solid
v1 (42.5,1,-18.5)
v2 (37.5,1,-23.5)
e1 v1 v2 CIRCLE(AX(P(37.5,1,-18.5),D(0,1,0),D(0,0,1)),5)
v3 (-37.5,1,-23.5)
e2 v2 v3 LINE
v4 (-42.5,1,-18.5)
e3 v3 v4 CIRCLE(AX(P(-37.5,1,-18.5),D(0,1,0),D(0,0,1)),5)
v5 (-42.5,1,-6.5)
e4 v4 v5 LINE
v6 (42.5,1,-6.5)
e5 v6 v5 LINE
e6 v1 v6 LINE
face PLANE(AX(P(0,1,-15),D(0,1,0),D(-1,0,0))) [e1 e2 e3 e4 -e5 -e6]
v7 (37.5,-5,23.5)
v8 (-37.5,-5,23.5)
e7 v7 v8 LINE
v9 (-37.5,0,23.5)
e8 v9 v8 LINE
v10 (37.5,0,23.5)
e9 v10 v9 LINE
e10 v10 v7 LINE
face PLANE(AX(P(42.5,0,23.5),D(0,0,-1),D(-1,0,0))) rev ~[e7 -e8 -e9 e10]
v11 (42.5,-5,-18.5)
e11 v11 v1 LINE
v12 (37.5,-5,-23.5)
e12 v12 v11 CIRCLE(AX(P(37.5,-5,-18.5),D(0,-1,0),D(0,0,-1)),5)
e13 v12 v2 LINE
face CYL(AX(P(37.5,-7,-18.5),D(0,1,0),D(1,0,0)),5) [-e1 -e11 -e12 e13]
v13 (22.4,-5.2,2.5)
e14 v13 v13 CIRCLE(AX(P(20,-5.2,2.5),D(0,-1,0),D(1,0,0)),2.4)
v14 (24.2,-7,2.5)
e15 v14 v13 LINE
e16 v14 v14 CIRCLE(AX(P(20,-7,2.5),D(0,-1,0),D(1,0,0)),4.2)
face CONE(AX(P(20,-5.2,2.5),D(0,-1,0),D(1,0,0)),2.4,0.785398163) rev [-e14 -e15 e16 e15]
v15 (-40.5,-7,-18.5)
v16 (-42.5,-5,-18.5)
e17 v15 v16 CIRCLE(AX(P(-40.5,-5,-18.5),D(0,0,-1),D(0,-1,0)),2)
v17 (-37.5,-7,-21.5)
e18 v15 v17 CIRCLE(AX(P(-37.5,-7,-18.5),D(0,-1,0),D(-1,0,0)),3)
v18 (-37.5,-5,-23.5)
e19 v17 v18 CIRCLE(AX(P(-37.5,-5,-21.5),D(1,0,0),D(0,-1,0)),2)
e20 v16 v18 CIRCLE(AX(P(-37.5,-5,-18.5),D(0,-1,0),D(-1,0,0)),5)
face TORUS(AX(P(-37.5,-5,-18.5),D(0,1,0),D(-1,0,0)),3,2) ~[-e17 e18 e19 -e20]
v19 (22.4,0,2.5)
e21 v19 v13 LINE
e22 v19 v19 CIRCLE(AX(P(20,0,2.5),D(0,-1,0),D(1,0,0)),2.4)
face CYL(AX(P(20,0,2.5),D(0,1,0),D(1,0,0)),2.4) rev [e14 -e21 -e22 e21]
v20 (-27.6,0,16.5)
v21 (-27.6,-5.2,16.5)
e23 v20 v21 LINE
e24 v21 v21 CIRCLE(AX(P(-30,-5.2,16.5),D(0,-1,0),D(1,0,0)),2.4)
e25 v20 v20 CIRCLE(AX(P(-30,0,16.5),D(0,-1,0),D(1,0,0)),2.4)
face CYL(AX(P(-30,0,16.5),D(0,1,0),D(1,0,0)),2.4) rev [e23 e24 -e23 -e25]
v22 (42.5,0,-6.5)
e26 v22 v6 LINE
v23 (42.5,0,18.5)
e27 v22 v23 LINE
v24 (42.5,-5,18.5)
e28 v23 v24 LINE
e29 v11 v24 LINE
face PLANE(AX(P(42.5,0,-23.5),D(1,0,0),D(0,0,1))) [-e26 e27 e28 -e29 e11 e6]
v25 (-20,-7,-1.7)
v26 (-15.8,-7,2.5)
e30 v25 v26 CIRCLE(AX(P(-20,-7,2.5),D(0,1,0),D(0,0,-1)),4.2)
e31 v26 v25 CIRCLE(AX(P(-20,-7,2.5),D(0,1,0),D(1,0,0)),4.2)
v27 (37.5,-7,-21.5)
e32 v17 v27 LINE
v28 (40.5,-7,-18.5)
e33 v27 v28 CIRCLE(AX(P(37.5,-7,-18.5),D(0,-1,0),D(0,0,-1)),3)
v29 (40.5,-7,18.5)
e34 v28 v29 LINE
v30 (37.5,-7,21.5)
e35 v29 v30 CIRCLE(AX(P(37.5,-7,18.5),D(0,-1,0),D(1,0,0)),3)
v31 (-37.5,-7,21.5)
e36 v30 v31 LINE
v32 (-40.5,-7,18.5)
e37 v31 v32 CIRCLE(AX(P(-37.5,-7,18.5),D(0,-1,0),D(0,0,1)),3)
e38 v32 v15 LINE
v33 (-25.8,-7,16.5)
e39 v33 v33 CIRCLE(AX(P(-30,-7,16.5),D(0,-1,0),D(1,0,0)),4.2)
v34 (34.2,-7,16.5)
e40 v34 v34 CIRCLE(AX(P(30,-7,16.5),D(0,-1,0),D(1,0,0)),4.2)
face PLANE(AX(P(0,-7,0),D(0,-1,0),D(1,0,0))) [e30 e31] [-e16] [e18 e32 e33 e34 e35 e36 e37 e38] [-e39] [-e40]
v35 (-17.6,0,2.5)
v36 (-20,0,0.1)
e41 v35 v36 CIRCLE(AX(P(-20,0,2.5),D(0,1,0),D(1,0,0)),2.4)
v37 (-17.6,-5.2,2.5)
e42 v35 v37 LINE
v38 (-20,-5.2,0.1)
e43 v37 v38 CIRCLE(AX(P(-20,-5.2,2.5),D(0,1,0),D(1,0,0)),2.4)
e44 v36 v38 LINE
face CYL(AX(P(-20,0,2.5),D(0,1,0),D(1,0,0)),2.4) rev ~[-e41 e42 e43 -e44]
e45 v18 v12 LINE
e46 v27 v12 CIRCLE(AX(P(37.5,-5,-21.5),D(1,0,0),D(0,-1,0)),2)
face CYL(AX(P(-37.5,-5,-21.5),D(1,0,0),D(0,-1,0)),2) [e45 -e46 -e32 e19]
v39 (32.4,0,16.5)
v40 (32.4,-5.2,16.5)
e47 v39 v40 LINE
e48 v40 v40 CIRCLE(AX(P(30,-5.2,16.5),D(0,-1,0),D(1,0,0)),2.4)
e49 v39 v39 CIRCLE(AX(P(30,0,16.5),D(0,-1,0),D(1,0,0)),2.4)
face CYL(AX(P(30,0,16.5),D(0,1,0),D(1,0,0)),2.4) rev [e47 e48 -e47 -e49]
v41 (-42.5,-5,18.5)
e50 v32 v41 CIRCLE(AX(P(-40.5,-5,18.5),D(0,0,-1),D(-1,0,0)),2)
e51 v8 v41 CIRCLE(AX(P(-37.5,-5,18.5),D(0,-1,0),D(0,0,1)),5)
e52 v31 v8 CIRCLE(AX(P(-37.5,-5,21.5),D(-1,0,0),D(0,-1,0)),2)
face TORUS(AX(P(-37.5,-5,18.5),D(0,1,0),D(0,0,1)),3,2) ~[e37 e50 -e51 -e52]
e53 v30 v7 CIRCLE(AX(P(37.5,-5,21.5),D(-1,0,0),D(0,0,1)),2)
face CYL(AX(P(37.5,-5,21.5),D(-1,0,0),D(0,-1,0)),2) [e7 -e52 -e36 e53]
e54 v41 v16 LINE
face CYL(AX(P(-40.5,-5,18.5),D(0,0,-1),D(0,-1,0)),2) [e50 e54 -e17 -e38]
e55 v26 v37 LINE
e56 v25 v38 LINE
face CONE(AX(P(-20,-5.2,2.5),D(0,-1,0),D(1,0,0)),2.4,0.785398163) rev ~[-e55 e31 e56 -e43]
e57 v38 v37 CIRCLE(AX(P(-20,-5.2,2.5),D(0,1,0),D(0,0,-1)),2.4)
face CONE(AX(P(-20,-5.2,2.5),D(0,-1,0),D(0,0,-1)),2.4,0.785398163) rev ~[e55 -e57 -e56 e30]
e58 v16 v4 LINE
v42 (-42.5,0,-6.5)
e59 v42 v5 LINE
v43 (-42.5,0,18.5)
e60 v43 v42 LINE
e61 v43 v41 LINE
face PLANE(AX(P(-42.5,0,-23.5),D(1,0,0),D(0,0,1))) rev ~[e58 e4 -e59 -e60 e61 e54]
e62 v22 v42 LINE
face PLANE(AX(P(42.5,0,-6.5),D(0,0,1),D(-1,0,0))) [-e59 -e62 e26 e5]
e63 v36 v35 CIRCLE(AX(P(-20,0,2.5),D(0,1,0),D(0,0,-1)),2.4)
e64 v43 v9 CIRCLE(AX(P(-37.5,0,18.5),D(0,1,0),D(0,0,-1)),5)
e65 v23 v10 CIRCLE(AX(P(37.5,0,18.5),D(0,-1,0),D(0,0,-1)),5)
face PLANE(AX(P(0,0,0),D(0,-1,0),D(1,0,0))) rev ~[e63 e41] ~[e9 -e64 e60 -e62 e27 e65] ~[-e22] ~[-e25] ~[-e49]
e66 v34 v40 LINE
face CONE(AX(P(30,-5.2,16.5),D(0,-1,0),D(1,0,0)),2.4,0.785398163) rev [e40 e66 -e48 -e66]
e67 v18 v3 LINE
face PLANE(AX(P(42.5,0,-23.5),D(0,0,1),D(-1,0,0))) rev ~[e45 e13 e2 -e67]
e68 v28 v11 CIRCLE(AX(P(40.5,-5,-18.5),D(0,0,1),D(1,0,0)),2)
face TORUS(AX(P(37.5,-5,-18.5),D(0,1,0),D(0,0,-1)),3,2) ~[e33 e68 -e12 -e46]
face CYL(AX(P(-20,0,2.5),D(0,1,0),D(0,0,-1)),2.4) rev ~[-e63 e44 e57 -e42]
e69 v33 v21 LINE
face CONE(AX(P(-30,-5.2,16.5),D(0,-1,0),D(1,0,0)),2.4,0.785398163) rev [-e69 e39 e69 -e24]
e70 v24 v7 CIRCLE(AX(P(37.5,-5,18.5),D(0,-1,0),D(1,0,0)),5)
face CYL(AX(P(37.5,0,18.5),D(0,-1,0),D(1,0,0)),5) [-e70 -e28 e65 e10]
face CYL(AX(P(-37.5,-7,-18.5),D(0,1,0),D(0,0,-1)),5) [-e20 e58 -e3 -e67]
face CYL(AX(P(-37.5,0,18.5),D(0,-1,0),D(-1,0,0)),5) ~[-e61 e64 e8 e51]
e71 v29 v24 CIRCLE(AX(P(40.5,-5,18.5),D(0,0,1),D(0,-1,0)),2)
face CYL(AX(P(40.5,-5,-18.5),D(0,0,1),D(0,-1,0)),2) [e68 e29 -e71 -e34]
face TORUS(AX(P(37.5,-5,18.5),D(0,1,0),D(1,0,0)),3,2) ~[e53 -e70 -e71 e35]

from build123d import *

# Parameters (mm, degrees)
F0_R     = 2.4
F1_DEPTH = 7
F2_W     = 85
F2_H     = 17
F3_DEPTH = 1
F4_R     = 5
F5_R     = 2
F6_SIZE  = 1.8


with BuildPart() as f1:
    # F0 (on Front) → F1 (new body)
    with BuildSketch(Plane.XZ):
        Polygon((42.5, -23.5), (42.5, 23.5), (-42.5, 23.5), (-42.5, -23.5), (-20, -23.5), align=None)
        with BuildLine():
            ThreePointArc((-17.6, 2.5), (-18.3029437252, 0.8029437252), (-20, 0.1))
            ThreePointArc((-20, 0.1), (-21.6970562748, 4.1970562748), (-17.6, 2.5))
        make_face(mode=Mode.SUBTRACT)
        with Locations((-30, 16.5)):
            Circle(F0_R, mode=Mode.SUBTRACT)
        with Locations((20, 2.5)):
            Circle(F0_R, mode=Mode.SUBTRACT)
        with Locations((30, 16.5)):
            Circle(F0_R, mode=Mode.SUBTRACT)
    extrude(amount=F1_DEPTH)

    # F2 (on face) → F3 (join)
    with BuildSketch(Plane(origin=(0, 0, 0), x_dir=(-1, 0, 0), z_dir=(0, 1, 0))):
        with Locations((0, -15)):
            Rectangle(F2_W, F2_H)
    extrude(amount=F3_DEPTH)

    # F4
    f4_edges = [f1.edges().sort_by_distance(p)[0] for p in [
        (42.5, -3.5, 23.5),
        (-42.5, -3.5, 23.5),
        (42.5, -3, -23.5),
        (-42.5, -3, -23.5),
    ]]
    fillet(f4_edges, radius=F4_R)

    # F5
    f5_edges = [f1.edges().sort_by_distance(p)[0] for p in [
        (0, -7, -23.5),
    ]]
    fillet(f5_edges, radius=F5_R)

    # F6
    f6_edges = [f1.edges().sort_by_distance(p)[0] for p in [
        (17.6, -7, 2.5),
        (27.6, -7, 16.5),
        (-22.4, -7, 2.5),
        (-32.4, -7, 16.5),
    ]]
    chamfer(f6_edges, length=F6_SIZE)


solid = f1.part
